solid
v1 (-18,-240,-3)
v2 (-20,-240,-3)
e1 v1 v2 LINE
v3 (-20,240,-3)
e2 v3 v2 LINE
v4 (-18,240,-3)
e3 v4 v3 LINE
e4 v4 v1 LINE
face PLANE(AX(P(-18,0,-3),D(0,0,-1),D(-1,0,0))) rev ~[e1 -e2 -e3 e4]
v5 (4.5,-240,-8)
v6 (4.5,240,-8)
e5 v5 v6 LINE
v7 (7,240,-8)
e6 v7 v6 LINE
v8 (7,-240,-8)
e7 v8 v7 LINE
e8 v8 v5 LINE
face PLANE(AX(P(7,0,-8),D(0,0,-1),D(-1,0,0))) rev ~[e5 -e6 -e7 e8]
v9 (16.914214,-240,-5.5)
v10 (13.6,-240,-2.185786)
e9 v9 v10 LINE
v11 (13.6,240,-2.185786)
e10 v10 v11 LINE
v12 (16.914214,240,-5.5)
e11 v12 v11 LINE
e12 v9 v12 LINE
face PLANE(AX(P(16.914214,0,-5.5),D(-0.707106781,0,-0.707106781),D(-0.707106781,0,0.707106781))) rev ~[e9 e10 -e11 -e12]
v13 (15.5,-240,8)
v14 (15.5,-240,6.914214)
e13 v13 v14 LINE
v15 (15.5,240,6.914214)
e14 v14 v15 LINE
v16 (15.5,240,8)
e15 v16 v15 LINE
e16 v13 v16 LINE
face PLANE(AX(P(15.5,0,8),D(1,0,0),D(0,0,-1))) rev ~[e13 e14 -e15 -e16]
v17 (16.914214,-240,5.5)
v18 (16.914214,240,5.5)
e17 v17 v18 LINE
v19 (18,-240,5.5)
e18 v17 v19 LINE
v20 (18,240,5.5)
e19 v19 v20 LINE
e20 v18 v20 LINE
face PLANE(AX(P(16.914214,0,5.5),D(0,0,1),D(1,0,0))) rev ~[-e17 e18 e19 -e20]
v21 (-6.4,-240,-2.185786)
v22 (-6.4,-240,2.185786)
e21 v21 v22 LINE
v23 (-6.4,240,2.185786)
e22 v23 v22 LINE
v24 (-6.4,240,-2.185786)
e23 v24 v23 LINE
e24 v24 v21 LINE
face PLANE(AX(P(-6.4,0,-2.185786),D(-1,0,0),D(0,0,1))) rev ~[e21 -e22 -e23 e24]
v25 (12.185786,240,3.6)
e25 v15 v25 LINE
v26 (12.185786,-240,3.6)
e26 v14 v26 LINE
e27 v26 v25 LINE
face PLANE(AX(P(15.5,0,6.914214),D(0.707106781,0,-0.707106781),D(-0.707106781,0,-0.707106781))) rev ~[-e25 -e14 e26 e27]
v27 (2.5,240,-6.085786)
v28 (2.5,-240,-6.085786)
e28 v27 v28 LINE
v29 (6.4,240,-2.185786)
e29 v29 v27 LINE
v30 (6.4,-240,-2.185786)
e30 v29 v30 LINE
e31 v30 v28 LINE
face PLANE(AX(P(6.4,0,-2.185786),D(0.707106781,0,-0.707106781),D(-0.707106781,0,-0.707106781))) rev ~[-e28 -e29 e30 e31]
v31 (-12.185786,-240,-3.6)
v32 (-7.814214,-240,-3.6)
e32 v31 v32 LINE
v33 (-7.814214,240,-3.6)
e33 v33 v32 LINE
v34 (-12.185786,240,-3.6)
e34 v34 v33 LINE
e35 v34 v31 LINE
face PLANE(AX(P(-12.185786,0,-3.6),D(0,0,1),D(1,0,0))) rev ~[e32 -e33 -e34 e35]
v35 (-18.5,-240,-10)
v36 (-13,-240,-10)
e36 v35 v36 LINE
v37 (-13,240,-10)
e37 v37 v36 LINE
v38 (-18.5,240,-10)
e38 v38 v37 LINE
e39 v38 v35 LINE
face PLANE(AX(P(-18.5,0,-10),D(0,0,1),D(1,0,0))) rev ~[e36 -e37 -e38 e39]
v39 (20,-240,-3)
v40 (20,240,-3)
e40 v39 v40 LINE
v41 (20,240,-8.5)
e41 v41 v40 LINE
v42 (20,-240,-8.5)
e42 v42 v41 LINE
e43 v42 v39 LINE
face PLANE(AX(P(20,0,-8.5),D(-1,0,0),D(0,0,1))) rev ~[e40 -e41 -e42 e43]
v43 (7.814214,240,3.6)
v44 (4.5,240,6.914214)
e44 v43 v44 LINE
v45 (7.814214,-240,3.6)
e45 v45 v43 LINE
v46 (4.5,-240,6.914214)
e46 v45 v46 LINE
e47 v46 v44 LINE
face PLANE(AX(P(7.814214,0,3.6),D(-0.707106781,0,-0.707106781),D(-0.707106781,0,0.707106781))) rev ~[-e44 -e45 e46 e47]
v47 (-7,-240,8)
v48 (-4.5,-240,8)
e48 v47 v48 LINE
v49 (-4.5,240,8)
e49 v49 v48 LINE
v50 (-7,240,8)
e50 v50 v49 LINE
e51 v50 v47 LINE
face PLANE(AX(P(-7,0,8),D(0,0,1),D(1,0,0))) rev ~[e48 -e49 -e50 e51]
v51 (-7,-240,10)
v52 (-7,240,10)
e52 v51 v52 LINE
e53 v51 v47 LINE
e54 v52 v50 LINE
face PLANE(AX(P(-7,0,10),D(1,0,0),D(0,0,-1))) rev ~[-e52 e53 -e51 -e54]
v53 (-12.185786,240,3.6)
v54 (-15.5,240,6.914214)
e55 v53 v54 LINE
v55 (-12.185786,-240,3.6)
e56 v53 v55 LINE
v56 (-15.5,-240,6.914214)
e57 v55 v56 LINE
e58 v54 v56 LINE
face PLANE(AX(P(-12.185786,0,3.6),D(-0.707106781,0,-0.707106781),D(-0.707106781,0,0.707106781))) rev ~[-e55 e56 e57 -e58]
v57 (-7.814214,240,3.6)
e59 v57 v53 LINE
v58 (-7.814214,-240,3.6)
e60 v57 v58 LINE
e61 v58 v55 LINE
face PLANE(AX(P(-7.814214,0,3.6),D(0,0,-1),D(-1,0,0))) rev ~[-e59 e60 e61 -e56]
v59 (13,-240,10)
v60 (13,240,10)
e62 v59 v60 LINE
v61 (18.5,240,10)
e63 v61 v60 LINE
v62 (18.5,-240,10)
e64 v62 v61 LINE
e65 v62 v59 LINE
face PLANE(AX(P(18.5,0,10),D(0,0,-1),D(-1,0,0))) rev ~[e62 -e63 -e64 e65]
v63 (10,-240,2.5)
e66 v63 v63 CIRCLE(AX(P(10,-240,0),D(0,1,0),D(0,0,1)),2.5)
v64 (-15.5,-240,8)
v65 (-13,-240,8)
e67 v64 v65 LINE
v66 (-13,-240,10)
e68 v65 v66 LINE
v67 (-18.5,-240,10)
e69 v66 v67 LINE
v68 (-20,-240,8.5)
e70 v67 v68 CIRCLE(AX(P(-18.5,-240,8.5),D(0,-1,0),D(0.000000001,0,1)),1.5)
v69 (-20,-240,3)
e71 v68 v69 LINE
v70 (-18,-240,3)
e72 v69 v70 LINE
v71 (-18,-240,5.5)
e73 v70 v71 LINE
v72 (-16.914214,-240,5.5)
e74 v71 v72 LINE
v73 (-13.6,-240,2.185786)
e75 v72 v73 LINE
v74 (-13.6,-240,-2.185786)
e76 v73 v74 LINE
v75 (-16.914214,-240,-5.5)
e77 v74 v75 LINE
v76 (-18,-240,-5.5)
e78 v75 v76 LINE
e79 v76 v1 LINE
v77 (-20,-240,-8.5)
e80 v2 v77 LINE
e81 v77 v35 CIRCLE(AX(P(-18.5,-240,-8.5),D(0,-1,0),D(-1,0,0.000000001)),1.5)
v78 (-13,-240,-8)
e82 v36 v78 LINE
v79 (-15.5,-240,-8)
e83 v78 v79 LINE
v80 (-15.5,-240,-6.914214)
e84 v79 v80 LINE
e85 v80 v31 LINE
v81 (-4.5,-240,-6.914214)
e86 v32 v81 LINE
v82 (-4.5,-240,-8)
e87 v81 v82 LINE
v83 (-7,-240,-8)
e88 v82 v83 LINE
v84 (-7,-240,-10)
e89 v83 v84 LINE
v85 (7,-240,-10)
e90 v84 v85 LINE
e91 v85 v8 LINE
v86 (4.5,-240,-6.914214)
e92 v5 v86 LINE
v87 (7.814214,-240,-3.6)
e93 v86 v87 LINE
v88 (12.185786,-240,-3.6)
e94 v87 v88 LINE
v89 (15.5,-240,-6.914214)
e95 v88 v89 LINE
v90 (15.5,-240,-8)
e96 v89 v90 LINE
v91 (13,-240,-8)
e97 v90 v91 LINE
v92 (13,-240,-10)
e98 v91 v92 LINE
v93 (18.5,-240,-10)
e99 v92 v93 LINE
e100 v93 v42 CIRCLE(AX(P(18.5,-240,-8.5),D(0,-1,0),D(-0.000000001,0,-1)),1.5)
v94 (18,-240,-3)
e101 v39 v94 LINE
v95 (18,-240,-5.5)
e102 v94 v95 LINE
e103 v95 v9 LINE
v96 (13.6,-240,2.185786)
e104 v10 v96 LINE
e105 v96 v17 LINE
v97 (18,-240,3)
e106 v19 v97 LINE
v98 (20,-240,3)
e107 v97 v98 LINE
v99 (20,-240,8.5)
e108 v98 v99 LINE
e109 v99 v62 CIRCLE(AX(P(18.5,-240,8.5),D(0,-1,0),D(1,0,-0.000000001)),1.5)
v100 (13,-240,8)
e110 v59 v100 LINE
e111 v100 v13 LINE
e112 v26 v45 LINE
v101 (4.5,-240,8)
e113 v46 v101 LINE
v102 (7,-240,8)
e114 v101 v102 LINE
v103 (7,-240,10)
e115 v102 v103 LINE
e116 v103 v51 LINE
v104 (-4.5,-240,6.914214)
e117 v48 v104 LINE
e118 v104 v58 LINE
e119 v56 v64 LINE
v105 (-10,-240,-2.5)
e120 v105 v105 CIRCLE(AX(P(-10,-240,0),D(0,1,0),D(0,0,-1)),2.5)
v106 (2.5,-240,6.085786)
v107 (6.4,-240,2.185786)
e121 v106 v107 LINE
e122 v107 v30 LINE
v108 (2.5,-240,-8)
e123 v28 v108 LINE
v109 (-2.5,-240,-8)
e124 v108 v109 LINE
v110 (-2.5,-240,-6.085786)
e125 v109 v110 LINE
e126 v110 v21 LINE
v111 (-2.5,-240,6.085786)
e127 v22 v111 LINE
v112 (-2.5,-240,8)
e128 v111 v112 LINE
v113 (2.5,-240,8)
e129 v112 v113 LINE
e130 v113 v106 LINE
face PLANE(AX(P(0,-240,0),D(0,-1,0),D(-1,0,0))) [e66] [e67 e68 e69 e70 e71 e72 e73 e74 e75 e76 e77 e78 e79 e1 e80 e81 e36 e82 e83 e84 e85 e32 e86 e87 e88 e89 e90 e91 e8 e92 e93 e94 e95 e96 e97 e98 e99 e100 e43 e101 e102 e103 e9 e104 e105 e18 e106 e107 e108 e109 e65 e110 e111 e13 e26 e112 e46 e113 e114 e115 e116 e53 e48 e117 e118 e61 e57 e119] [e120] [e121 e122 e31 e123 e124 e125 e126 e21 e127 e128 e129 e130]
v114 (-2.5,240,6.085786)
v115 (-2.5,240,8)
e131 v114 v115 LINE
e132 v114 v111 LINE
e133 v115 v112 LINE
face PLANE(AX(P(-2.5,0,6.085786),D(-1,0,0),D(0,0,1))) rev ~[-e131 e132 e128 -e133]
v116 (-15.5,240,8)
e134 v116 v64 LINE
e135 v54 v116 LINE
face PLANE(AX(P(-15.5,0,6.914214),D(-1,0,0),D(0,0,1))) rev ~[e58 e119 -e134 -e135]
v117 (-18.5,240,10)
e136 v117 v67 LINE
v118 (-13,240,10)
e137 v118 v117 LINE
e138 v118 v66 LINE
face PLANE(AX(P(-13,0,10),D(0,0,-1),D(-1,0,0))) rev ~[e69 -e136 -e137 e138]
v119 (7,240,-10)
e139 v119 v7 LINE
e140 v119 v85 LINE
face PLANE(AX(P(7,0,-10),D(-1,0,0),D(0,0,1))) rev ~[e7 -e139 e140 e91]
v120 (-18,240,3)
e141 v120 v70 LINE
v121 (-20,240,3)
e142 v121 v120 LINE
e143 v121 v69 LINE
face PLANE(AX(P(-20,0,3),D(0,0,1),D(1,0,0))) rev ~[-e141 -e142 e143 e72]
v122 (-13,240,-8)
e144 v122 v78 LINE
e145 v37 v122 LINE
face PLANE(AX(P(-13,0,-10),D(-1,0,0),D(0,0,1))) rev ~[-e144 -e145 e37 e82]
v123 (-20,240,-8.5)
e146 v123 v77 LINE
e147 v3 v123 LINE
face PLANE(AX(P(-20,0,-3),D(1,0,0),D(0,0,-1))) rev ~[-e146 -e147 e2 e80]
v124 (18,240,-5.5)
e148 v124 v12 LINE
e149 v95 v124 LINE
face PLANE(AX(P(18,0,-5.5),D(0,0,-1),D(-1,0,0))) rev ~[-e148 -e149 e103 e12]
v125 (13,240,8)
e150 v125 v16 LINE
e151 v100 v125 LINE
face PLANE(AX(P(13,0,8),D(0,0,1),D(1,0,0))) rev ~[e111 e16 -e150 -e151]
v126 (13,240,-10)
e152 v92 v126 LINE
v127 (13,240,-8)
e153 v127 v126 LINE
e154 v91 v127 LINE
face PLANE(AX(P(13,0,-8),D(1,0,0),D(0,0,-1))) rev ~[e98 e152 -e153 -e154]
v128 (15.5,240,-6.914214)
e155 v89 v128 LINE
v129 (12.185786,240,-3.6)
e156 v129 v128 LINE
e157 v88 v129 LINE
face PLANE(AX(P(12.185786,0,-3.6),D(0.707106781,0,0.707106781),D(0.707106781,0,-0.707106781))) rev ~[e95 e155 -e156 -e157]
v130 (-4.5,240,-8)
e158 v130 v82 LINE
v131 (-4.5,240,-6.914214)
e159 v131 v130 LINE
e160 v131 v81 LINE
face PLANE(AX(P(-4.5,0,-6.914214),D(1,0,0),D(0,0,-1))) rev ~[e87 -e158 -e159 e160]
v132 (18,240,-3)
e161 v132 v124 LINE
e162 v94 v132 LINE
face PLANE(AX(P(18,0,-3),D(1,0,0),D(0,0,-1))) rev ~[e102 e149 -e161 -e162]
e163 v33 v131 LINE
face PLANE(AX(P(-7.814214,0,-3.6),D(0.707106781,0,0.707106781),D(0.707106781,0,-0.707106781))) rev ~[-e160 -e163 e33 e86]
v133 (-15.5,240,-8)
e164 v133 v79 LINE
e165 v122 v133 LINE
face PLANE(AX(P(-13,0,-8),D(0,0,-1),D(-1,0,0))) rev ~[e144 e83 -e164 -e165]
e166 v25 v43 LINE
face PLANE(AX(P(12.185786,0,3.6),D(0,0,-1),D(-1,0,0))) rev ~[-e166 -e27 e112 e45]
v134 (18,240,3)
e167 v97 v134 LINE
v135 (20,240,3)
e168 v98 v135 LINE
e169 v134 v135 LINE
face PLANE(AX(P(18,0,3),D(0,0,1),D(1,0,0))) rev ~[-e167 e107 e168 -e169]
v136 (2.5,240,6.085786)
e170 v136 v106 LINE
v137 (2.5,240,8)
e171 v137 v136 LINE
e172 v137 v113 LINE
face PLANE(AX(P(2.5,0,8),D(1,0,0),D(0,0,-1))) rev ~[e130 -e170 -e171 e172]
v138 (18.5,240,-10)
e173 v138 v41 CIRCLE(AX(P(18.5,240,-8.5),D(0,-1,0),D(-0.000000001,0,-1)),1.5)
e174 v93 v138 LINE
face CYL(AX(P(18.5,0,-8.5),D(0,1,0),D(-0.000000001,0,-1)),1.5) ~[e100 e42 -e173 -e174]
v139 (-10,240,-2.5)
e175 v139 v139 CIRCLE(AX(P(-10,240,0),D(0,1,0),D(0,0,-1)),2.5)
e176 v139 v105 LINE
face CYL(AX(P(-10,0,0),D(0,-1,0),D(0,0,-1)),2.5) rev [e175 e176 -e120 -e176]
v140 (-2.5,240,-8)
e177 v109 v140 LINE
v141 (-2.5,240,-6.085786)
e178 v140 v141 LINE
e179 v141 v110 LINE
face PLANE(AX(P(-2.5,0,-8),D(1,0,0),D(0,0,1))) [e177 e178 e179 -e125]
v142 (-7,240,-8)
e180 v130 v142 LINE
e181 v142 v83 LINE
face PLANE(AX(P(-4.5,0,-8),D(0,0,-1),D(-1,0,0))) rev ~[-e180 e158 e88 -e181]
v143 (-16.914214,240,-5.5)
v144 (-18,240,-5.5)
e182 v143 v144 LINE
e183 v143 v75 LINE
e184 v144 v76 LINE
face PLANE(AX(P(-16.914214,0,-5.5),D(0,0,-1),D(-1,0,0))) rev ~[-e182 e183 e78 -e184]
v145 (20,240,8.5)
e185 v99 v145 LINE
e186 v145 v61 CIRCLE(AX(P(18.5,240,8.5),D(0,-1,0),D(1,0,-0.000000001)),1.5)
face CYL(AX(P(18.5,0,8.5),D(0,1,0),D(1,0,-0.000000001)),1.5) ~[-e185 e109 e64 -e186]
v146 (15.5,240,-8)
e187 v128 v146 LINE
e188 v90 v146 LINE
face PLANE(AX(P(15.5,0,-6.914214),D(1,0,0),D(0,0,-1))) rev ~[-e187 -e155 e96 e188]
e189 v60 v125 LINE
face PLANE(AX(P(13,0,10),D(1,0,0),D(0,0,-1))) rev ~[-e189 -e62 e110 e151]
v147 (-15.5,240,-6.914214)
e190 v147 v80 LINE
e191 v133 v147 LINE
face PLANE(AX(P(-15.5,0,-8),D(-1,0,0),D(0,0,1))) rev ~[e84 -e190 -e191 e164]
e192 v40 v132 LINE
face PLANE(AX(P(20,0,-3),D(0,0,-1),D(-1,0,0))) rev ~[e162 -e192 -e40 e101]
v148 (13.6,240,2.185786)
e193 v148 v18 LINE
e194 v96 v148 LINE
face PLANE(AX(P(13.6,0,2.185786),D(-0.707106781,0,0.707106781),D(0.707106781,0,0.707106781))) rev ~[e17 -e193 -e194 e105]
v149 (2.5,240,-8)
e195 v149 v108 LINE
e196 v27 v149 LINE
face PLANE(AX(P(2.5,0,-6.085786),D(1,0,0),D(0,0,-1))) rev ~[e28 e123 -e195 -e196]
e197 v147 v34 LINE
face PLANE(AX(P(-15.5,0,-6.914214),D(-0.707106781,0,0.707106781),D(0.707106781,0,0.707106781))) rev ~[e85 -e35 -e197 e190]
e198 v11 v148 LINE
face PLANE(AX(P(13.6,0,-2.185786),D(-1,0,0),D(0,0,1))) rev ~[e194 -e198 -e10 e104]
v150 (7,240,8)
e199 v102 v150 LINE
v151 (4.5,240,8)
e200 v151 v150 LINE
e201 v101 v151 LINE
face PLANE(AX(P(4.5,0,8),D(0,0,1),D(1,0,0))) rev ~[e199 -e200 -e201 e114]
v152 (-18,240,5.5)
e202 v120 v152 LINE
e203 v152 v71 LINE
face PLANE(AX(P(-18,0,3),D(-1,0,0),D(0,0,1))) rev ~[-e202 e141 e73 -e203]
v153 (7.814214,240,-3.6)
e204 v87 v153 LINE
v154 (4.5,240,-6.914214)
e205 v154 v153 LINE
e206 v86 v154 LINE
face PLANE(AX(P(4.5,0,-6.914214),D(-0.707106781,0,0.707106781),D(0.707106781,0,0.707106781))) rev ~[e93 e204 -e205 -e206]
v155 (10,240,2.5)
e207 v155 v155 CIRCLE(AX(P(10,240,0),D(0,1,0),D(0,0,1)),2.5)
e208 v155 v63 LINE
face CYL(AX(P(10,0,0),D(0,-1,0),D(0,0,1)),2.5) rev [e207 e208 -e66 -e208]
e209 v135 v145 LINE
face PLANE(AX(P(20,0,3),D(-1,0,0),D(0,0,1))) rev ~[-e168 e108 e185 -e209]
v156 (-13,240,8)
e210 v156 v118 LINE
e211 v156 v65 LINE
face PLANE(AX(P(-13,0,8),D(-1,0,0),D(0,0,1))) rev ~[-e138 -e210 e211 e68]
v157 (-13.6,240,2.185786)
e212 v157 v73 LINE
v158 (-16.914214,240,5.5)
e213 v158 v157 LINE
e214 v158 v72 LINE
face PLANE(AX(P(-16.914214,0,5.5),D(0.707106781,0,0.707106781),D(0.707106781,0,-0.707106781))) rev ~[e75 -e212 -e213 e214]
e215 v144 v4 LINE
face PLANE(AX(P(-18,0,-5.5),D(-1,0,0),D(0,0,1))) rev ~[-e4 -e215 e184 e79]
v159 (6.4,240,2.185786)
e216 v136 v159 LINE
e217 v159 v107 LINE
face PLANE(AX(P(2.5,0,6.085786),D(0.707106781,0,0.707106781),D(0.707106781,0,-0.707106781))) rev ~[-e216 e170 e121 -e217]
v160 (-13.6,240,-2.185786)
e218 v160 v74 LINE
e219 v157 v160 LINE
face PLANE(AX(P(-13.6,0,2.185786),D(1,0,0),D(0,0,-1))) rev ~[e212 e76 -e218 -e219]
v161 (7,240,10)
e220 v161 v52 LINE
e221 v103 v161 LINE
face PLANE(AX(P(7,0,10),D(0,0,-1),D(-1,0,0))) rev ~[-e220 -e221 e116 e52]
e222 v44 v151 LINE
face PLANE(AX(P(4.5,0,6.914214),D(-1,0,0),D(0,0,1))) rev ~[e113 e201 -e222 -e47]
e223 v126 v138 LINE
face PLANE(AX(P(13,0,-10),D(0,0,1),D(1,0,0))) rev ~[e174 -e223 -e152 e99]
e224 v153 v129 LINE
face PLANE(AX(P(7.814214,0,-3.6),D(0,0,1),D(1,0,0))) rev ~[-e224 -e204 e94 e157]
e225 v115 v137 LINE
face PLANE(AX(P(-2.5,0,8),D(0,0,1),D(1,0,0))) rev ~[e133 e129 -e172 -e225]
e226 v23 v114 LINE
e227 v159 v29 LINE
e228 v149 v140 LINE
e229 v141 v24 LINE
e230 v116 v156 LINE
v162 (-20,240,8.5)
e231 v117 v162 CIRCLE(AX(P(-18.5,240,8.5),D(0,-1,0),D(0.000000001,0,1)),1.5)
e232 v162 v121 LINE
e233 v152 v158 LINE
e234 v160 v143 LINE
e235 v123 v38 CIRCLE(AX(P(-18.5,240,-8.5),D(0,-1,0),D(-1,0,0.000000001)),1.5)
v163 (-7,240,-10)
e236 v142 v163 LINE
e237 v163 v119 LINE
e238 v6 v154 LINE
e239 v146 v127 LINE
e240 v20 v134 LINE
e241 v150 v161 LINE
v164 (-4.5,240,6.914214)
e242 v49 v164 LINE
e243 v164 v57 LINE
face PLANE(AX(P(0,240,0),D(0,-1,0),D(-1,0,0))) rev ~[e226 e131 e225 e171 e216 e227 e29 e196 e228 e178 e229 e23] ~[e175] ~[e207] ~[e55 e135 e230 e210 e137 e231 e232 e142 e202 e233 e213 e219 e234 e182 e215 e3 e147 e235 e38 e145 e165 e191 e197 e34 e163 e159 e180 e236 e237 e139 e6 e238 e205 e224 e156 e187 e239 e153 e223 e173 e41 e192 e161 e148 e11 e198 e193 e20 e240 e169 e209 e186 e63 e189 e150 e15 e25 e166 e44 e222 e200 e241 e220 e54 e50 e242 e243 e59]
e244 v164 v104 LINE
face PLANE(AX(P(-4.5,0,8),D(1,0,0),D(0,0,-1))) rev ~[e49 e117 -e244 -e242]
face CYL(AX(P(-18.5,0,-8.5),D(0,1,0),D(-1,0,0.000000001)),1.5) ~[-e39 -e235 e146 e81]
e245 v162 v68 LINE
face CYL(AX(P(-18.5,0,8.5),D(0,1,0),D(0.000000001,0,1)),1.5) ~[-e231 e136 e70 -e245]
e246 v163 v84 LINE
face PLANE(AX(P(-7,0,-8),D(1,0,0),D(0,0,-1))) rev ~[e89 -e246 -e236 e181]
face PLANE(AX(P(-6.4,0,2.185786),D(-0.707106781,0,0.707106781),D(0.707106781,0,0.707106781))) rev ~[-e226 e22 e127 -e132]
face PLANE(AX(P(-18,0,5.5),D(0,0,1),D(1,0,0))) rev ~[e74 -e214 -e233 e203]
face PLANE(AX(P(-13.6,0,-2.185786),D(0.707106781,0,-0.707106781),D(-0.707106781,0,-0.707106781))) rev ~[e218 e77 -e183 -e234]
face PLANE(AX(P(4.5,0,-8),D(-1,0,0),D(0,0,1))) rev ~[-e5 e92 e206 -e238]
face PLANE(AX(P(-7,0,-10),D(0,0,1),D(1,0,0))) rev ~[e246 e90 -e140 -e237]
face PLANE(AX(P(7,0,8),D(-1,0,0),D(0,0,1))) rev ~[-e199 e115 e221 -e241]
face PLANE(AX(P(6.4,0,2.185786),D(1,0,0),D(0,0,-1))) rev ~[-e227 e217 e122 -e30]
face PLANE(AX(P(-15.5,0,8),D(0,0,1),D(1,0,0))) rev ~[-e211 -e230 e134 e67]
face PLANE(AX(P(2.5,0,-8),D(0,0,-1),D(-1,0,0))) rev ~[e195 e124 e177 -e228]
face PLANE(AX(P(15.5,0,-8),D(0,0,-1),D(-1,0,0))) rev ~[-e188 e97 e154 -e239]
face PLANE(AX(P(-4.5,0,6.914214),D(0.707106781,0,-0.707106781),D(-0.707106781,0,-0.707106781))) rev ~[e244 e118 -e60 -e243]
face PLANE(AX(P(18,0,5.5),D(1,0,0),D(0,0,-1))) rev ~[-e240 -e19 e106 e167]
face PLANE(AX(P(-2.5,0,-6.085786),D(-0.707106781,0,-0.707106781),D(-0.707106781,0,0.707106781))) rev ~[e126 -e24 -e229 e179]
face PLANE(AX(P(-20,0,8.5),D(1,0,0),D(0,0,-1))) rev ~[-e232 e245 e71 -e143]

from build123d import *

# Parameters (mm, degrees)
SKETCH1_R           = 2.5
BOSS_EXTRUDE1_DEPTH = 240


with BuildPart() as part:
    # Sketch1 → Boss-Extrude1 (new, symmetric)
    with BuildSketch(Plane(origin=(0, 0, 0), x_dir=(1, 0, 0), z_dir=(0, 1, 0))):
        with BuildLine():
            Line((-7, -10), (-7, -8))
            Line((-7, -8), (-4.5, -8))
            Line((-4.5, -8), (-4.5, -6.914213562))
            Line((-4.5, -6.914213562), (-7.814213562, -3.6))
            Line((-7.814213562, -3.6), (-12.185786438, -3.6))
            Line((-12.185786438, -3.6), (-15.5, -6.914213562))
            Line((-15.5, -6.914213562), (-15.5, -8))
            Line((-15.5, -8), (-13, -8))
            Line((-13, -8), (-13, -10))
            Line((-13, -10), (-18.5, -10))
            ThreePointArc((-18.5, -10), (-19.560660172, -9.560660172), (-20, -8.5))
            Line((-20, -8.5), (-20, -3))
            Line((-20, -3), (-18, -3))
            Line((-18, -3), (-18, -5.5))
            Line((-18, -5.5), (-16.914213562, -5.5))
            Line((-16.914213562, -5.5), (-13.6, -2.185786438))
            Line((-13.6, -2.185786438), (-13.6, 2.185786438))
            Line((-13.6, 2.185786438), (-16.914213562, 5.5))
            Line((-16.914213562, 5.5), (-18, 5.5))
            Line((-18, 5.5), (-18, 3))
            Line((-18, 3), (-20, 3))
            Line((-20, 3), (-20, 8.5))
            ThreePointArc((-20, 8.5), (-19.560660172, 9.560660172), (-18.5, 10))
            Line((-18.5, 10), (-13, 10))
            Line((-13, 10), (-13, 8))
            Line((-13, 8), (-15.5, 8))
            Line((-15.5, 8), (-15.5, 6.914213562))
            Line((-15.5, 6.914213562), (-12.185786438, 3.6))
            Line((-12.185786438, 3.6), (-7.814213562, 3.6))
            Line((-7.814213562, 3.6), (-4.5, 6.914213562))
            Line((-4.5, 6.914213562), (-4.5, 8))
            Line((-4.5, 8), (-7, 8))
            Line((-7, 8), (-7, 10))
            Line((-7, 10), (7, 10))
            Line((7, 10), (7, 8))
            Line((7, 8), (4.5, 8))
            Line((4.5, 8), (4.5, 6.914213562))
            Line((4.5, 6.914213562), (7.814213562, 3.6))
            Line((7.814213562, 3.6), (12.185786438, 3.6))
            Line((12.185786438, 3.6), (15.5, 6.914213562))
            Line((15.5, 6.914213562), (15.5, 8))
            Line((15.5, 8), (13, 8))
            Line((13, 8), (13, 10))
            Line((13, 10), (18.5, 10))
            ThreePointArc((18.5, 10), (19.560660172, 9.560660172), (20, 8.5))
            Line((20, 8.5), (20, 3))
            Line((20, 3), (18, 3))
            Line((18, 3), (18, 5.5))
            Line((18, 5.5), (16.914213562, 5.5))
            Line((16.914213562, 5.5), (13.6, 2.185786438))
            Line((13.6, 2.185786438), (13.6, -2.185786438))
            Line((13.6, -2.185786438), (16.914213562, -5.5))
            Line((16.914213562, -5.5), (18, -5.5))
            Line((18, -5.5), (18, -3))
            Line((18, -3), (20, -3))
            Line((20, -3), (20, -8.5))
            ThreePointArc((20, -8.5), (19.560660172, -9.560660172), (18.5, -10))
            Line((18.5, -10), (13, -10))
            Line((13, -10), (13, -8))
            Line((13, -8), (15.5, -8))
            Line((15.5, -8), (15.5, -6.914213562))
            Line((15.5, -6.914213562), (12.185786438, -3.6))
            Line((12.185786438, -3.6), (7.814213562, -3.6))
            Line((7.814213562, -3.6), (4.5, -6.914213562))
            Line((4.5, -6.914213562), (4.5, -8))
            Line((4.5, -8), (7, -8))
            Line((7, -8), (7, -10))
            Line((7, -10), (-7, -10))
        make_face()
        with Locations((-10, 0)):
            Circle(SKETCH1_R, mode=Mode.SUBTRACT)
        with Locations((10, 0)):
            Circle(SKETCH1_R, mode=Mode.SUBTRACT)
        Polygon((-2.5, 8), (-2.5, 6.085786438), (-6.4, 2.185786438), (-6.4, -2.185786438), (-2.5, -6.085786438), (-2.5, -8), (2.5, -8), (2.5, -6.085786438), (6.4, -2.185786438), (6.4, 2.185786438), (2.5, 6.085786438), (2.5, 8), align=None, mode=Mode.SUBTRACT)
    extrude(amount=BOSS_EXTRUDE1_DEPTH, both=True)


solid = part.part
